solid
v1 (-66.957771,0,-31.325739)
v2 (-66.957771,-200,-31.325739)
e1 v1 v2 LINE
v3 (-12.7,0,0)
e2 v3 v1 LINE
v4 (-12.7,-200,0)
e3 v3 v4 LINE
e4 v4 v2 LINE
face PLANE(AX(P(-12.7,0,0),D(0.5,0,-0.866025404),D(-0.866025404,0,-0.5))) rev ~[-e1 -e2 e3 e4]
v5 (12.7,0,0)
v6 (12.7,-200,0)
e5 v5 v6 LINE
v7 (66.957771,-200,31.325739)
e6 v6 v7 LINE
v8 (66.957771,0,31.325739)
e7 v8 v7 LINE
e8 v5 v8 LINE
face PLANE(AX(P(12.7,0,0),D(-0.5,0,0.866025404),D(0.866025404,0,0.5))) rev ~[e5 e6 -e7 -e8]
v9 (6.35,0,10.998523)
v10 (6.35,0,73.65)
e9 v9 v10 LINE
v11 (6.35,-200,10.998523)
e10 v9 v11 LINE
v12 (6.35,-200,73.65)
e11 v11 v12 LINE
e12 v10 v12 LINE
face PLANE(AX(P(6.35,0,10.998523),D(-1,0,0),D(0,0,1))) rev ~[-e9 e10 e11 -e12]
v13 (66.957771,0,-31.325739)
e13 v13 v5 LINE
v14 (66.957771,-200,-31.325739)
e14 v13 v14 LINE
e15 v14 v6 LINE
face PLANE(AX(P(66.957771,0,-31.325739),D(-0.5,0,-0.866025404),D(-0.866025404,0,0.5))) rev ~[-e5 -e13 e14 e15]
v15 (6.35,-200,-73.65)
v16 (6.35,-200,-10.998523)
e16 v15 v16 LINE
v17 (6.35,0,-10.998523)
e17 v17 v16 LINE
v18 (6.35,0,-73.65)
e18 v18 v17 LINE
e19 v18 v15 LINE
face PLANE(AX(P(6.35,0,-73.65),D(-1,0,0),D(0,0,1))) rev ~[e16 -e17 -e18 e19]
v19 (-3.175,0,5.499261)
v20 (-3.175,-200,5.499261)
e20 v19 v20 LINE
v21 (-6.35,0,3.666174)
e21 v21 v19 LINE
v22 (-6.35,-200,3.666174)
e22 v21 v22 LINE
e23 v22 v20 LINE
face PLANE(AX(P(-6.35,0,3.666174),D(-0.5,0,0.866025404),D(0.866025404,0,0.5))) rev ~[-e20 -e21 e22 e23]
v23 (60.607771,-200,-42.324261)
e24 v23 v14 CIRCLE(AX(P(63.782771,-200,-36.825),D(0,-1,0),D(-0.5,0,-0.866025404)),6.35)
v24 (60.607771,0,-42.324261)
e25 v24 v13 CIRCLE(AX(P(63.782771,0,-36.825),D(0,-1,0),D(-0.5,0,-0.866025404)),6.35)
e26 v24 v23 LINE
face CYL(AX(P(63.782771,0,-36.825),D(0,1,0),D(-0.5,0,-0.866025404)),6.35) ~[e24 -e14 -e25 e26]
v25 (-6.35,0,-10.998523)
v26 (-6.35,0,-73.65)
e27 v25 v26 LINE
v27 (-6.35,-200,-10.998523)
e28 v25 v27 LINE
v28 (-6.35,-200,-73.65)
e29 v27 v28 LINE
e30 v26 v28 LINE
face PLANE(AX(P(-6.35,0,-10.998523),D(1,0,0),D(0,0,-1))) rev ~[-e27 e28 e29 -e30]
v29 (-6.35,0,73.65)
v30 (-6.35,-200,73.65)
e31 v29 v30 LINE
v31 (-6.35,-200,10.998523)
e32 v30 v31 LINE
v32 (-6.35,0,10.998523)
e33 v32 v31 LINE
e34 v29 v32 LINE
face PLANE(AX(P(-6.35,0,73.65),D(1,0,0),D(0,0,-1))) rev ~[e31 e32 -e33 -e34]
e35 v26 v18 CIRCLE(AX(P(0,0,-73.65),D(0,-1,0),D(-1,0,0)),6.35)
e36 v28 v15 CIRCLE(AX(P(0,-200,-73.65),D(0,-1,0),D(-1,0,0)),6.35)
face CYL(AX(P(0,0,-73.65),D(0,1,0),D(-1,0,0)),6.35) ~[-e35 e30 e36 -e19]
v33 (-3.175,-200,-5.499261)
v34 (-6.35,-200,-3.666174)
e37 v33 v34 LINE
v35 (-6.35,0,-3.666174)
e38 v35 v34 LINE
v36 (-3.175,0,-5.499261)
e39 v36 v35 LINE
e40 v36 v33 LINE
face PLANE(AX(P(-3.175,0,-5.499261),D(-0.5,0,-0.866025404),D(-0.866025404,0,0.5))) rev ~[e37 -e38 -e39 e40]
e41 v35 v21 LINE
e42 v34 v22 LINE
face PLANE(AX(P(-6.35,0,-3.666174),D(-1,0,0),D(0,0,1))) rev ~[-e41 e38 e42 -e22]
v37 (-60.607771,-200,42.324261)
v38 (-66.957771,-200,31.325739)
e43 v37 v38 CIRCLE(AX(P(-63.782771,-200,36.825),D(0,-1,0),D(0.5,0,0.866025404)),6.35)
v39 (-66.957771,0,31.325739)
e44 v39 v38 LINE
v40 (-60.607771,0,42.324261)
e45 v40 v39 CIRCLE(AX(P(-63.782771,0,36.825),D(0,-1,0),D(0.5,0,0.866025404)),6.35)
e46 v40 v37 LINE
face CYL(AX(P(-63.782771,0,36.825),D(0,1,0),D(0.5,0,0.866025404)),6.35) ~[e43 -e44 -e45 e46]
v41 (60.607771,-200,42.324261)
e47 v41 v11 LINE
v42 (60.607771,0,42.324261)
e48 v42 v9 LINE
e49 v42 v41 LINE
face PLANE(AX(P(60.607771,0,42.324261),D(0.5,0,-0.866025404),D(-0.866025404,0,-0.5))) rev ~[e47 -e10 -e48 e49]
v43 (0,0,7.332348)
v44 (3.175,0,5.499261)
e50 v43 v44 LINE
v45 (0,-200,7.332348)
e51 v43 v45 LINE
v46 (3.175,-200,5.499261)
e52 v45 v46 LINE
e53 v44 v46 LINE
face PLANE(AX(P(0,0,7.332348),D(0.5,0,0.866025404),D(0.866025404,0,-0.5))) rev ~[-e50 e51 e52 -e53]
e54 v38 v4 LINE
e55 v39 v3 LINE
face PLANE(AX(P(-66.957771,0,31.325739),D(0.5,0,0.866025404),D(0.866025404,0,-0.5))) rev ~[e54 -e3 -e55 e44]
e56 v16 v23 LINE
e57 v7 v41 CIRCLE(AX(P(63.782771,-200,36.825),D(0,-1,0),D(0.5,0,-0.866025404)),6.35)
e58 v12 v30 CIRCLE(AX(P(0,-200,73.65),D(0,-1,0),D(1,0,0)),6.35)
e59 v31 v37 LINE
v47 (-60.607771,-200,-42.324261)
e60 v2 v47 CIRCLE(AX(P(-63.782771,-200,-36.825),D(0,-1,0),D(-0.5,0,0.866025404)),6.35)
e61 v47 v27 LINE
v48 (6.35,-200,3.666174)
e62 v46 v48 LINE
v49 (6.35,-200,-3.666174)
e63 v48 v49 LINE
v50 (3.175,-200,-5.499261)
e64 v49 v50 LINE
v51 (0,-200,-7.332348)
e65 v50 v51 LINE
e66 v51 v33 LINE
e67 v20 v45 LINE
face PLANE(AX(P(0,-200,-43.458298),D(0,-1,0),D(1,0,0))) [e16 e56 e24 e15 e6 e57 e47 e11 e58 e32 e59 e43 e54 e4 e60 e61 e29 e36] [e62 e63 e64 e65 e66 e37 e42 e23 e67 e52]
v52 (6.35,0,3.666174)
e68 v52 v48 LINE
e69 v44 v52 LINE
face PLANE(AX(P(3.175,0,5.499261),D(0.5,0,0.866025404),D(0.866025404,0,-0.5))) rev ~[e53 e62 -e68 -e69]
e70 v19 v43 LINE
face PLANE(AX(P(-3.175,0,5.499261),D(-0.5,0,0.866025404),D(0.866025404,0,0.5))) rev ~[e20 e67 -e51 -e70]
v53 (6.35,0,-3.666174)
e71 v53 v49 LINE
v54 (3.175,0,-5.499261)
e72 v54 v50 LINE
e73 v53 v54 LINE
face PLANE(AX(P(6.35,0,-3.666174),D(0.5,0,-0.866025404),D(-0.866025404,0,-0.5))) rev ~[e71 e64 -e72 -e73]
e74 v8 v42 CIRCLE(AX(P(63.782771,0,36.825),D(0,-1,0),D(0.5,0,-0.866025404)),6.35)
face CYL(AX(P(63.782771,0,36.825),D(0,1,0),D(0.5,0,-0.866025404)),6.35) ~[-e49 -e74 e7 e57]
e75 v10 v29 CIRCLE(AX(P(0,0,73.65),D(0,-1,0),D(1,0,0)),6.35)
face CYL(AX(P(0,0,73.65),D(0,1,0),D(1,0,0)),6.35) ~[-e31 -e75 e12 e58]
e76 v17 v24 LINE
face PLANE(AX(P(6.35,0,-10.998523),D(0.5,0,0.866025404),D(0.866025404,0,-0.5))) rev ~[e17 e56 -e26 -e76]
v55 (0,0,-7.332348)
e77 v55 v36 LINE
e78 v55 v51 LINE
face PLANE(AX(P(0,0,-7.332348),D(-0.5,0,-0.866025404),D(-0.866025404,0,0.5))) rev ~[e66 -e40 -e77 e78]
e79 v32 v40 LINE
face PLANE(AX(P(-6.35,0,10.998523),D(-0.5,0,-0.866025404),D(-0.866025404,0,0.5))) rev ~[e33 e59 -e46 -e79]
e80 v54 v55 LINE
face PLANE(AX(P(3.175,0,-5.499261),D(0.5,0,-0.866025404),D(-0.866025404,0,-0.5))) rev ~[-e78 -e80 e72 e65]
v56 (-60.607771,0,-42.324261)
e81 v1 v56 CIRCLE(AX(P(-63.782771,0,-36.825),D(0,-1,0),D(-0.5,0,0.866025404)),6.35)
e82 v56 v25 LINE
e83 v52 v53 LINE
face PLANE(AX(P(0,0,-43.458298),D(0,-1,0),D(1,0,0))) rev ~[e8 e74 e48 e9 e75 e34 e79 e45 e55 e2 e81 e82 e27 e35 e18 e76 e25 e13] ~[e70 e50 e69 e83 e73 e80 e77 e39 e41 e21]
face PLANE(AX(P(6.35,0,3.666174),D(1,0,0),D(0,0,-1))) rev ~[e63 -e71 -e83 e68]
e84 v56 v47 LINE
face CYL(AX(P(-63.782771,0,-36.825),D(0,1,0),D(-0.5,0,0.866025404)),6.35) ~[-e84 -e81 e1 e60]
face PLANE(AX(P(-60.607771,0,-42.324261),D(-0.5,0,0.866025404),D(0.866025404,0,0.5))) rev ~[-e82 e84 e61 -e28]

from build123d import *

# Parameters (mm, degrees)
F1_DEPTH = 200


with BuildPart() as f1:
    # F0 (on Front) → F1 (new body)
    with BuildSketch(Plane.XZ):
        with BuildLine():
            Line((6.35, -10.9985226281), (0, -7.3323484187))
            Line((0, -7.3323484187), (-6.35, -10.9985226281))
            Line((-6.35, -10.9985226281), (-6.35, -73.65))
            ThreePointArc((-6.35, -73.65), (0, -80), (6.35, -73.65))
            Line((6.35, -73.65), (6.35, -10.9985226281))
        make_face()
        Polygon((-6.35, -10.9985226281), (0, -7.3323484187), (-3.175, -5.499261314), (-6.35, -3.6661742094), align=None)
        Polygon((3.175, -5.499261314), (0, -7.3323484187), (6.35, -10.9985226281), (6.35, -3.6661742094), align=None)
        with BuildLine():
            Line((-6.35, 10.9985226281), (0, 7.3323484187))
            Line((0, 7.3323484187), (6.35, 10.9985226281))
            Line((6.35, 10.9985226281), (6.35, 73.65))
            ThreePointArc((6.35, 73.65), (0, 80), (-6.35, 73.65))
            Line((-6.35, 73.65), (-6.35, 10.9985226281))
        make_face()
        Polygon((6.35, 10.9985226281), (0, 7.3323484187), (3.175, 5.499261314), (6.35, 3.6661742094), align=None)
        Polygon((-3.175, 5.499261314), (0, 7.3323484187), (-6.35, 10.9985226281), (-6.35, 3.6661742094), align=None)
        with BuildLine():
            Line((-6.35, -10.9985226281), (-6.35, -3.6661742094))
            Line((-6.35, -3.6661742094), (-12.7, 0))
            Line((-12.7, 0), (-66.9577709887, -31.325738686))
            ThreePointArc((-66.9577709887, -31.325738686), (-69.2820323028, -40), (-60.6077709887, -42.324261314))
            Line((-60.6077709887, -42.324261314), (-6.35, -10.9985226281))
        make_face()
        Polygon((-12.7, 0), (-6.35, -3.6661742094), (-6.35, 0), (-6.35, 3.6661742094), align=None)
        Polygon((6.35, 0), (6.35, -3.6661742094), (12.7, 0), (6.35, 3.6661742094), align=None)
        with BuildLine():
            Line((12.7, 0), (6.35, -3.6661742094))
            Line((6.35, -3.6661742094), (6.35, -10.9985226281))
            Line((6.35, -10.9985226281), (60.6077709887, -42.324261314))
            ThreePointArc((60.6077709887, -42.324261314), (69.2820323028, -40), (66.9577709887, -31.325738686))
            Line((66.9577709887, -31.325738686), (12.7, 0))
        make_face()
        with BuildLine():
            Line((-12.7, 0), (-6.35, 3.6661742094))
            Line((-6.35, 3.6661742094), (-6.35, 10.9985226281))
            Line((-6.35, 10.9985226281), (-60.6077709887, 42.324261314))
            ThreePointArc((-60.6077709887, 42.324261314), (-69.2820323028, 40), (-66.9577709887, 31.325738686))
            Line((-66.9577709887, 31.325738686), (-12.7, 0))
        make_face()
        with BuildLine():
            Line((6.35, 10.9985226281), (6.35, 3.6661742094))
            Line((6.35, 3.6661742094), (12.7, 0))
            Line((12.7, 0), (66.9577709887, 31.325738686))
            ThreePointArc((66.9577709887, 31.325738686), (69.2820323028, 40), (60.6077709887, 42.324261314))
            Line((60.6077709887, 42.324261314), (6.35, 10.9985226281))
        make_face()
    extrude(amount=F1_DEPTH)


solid = f1.part
